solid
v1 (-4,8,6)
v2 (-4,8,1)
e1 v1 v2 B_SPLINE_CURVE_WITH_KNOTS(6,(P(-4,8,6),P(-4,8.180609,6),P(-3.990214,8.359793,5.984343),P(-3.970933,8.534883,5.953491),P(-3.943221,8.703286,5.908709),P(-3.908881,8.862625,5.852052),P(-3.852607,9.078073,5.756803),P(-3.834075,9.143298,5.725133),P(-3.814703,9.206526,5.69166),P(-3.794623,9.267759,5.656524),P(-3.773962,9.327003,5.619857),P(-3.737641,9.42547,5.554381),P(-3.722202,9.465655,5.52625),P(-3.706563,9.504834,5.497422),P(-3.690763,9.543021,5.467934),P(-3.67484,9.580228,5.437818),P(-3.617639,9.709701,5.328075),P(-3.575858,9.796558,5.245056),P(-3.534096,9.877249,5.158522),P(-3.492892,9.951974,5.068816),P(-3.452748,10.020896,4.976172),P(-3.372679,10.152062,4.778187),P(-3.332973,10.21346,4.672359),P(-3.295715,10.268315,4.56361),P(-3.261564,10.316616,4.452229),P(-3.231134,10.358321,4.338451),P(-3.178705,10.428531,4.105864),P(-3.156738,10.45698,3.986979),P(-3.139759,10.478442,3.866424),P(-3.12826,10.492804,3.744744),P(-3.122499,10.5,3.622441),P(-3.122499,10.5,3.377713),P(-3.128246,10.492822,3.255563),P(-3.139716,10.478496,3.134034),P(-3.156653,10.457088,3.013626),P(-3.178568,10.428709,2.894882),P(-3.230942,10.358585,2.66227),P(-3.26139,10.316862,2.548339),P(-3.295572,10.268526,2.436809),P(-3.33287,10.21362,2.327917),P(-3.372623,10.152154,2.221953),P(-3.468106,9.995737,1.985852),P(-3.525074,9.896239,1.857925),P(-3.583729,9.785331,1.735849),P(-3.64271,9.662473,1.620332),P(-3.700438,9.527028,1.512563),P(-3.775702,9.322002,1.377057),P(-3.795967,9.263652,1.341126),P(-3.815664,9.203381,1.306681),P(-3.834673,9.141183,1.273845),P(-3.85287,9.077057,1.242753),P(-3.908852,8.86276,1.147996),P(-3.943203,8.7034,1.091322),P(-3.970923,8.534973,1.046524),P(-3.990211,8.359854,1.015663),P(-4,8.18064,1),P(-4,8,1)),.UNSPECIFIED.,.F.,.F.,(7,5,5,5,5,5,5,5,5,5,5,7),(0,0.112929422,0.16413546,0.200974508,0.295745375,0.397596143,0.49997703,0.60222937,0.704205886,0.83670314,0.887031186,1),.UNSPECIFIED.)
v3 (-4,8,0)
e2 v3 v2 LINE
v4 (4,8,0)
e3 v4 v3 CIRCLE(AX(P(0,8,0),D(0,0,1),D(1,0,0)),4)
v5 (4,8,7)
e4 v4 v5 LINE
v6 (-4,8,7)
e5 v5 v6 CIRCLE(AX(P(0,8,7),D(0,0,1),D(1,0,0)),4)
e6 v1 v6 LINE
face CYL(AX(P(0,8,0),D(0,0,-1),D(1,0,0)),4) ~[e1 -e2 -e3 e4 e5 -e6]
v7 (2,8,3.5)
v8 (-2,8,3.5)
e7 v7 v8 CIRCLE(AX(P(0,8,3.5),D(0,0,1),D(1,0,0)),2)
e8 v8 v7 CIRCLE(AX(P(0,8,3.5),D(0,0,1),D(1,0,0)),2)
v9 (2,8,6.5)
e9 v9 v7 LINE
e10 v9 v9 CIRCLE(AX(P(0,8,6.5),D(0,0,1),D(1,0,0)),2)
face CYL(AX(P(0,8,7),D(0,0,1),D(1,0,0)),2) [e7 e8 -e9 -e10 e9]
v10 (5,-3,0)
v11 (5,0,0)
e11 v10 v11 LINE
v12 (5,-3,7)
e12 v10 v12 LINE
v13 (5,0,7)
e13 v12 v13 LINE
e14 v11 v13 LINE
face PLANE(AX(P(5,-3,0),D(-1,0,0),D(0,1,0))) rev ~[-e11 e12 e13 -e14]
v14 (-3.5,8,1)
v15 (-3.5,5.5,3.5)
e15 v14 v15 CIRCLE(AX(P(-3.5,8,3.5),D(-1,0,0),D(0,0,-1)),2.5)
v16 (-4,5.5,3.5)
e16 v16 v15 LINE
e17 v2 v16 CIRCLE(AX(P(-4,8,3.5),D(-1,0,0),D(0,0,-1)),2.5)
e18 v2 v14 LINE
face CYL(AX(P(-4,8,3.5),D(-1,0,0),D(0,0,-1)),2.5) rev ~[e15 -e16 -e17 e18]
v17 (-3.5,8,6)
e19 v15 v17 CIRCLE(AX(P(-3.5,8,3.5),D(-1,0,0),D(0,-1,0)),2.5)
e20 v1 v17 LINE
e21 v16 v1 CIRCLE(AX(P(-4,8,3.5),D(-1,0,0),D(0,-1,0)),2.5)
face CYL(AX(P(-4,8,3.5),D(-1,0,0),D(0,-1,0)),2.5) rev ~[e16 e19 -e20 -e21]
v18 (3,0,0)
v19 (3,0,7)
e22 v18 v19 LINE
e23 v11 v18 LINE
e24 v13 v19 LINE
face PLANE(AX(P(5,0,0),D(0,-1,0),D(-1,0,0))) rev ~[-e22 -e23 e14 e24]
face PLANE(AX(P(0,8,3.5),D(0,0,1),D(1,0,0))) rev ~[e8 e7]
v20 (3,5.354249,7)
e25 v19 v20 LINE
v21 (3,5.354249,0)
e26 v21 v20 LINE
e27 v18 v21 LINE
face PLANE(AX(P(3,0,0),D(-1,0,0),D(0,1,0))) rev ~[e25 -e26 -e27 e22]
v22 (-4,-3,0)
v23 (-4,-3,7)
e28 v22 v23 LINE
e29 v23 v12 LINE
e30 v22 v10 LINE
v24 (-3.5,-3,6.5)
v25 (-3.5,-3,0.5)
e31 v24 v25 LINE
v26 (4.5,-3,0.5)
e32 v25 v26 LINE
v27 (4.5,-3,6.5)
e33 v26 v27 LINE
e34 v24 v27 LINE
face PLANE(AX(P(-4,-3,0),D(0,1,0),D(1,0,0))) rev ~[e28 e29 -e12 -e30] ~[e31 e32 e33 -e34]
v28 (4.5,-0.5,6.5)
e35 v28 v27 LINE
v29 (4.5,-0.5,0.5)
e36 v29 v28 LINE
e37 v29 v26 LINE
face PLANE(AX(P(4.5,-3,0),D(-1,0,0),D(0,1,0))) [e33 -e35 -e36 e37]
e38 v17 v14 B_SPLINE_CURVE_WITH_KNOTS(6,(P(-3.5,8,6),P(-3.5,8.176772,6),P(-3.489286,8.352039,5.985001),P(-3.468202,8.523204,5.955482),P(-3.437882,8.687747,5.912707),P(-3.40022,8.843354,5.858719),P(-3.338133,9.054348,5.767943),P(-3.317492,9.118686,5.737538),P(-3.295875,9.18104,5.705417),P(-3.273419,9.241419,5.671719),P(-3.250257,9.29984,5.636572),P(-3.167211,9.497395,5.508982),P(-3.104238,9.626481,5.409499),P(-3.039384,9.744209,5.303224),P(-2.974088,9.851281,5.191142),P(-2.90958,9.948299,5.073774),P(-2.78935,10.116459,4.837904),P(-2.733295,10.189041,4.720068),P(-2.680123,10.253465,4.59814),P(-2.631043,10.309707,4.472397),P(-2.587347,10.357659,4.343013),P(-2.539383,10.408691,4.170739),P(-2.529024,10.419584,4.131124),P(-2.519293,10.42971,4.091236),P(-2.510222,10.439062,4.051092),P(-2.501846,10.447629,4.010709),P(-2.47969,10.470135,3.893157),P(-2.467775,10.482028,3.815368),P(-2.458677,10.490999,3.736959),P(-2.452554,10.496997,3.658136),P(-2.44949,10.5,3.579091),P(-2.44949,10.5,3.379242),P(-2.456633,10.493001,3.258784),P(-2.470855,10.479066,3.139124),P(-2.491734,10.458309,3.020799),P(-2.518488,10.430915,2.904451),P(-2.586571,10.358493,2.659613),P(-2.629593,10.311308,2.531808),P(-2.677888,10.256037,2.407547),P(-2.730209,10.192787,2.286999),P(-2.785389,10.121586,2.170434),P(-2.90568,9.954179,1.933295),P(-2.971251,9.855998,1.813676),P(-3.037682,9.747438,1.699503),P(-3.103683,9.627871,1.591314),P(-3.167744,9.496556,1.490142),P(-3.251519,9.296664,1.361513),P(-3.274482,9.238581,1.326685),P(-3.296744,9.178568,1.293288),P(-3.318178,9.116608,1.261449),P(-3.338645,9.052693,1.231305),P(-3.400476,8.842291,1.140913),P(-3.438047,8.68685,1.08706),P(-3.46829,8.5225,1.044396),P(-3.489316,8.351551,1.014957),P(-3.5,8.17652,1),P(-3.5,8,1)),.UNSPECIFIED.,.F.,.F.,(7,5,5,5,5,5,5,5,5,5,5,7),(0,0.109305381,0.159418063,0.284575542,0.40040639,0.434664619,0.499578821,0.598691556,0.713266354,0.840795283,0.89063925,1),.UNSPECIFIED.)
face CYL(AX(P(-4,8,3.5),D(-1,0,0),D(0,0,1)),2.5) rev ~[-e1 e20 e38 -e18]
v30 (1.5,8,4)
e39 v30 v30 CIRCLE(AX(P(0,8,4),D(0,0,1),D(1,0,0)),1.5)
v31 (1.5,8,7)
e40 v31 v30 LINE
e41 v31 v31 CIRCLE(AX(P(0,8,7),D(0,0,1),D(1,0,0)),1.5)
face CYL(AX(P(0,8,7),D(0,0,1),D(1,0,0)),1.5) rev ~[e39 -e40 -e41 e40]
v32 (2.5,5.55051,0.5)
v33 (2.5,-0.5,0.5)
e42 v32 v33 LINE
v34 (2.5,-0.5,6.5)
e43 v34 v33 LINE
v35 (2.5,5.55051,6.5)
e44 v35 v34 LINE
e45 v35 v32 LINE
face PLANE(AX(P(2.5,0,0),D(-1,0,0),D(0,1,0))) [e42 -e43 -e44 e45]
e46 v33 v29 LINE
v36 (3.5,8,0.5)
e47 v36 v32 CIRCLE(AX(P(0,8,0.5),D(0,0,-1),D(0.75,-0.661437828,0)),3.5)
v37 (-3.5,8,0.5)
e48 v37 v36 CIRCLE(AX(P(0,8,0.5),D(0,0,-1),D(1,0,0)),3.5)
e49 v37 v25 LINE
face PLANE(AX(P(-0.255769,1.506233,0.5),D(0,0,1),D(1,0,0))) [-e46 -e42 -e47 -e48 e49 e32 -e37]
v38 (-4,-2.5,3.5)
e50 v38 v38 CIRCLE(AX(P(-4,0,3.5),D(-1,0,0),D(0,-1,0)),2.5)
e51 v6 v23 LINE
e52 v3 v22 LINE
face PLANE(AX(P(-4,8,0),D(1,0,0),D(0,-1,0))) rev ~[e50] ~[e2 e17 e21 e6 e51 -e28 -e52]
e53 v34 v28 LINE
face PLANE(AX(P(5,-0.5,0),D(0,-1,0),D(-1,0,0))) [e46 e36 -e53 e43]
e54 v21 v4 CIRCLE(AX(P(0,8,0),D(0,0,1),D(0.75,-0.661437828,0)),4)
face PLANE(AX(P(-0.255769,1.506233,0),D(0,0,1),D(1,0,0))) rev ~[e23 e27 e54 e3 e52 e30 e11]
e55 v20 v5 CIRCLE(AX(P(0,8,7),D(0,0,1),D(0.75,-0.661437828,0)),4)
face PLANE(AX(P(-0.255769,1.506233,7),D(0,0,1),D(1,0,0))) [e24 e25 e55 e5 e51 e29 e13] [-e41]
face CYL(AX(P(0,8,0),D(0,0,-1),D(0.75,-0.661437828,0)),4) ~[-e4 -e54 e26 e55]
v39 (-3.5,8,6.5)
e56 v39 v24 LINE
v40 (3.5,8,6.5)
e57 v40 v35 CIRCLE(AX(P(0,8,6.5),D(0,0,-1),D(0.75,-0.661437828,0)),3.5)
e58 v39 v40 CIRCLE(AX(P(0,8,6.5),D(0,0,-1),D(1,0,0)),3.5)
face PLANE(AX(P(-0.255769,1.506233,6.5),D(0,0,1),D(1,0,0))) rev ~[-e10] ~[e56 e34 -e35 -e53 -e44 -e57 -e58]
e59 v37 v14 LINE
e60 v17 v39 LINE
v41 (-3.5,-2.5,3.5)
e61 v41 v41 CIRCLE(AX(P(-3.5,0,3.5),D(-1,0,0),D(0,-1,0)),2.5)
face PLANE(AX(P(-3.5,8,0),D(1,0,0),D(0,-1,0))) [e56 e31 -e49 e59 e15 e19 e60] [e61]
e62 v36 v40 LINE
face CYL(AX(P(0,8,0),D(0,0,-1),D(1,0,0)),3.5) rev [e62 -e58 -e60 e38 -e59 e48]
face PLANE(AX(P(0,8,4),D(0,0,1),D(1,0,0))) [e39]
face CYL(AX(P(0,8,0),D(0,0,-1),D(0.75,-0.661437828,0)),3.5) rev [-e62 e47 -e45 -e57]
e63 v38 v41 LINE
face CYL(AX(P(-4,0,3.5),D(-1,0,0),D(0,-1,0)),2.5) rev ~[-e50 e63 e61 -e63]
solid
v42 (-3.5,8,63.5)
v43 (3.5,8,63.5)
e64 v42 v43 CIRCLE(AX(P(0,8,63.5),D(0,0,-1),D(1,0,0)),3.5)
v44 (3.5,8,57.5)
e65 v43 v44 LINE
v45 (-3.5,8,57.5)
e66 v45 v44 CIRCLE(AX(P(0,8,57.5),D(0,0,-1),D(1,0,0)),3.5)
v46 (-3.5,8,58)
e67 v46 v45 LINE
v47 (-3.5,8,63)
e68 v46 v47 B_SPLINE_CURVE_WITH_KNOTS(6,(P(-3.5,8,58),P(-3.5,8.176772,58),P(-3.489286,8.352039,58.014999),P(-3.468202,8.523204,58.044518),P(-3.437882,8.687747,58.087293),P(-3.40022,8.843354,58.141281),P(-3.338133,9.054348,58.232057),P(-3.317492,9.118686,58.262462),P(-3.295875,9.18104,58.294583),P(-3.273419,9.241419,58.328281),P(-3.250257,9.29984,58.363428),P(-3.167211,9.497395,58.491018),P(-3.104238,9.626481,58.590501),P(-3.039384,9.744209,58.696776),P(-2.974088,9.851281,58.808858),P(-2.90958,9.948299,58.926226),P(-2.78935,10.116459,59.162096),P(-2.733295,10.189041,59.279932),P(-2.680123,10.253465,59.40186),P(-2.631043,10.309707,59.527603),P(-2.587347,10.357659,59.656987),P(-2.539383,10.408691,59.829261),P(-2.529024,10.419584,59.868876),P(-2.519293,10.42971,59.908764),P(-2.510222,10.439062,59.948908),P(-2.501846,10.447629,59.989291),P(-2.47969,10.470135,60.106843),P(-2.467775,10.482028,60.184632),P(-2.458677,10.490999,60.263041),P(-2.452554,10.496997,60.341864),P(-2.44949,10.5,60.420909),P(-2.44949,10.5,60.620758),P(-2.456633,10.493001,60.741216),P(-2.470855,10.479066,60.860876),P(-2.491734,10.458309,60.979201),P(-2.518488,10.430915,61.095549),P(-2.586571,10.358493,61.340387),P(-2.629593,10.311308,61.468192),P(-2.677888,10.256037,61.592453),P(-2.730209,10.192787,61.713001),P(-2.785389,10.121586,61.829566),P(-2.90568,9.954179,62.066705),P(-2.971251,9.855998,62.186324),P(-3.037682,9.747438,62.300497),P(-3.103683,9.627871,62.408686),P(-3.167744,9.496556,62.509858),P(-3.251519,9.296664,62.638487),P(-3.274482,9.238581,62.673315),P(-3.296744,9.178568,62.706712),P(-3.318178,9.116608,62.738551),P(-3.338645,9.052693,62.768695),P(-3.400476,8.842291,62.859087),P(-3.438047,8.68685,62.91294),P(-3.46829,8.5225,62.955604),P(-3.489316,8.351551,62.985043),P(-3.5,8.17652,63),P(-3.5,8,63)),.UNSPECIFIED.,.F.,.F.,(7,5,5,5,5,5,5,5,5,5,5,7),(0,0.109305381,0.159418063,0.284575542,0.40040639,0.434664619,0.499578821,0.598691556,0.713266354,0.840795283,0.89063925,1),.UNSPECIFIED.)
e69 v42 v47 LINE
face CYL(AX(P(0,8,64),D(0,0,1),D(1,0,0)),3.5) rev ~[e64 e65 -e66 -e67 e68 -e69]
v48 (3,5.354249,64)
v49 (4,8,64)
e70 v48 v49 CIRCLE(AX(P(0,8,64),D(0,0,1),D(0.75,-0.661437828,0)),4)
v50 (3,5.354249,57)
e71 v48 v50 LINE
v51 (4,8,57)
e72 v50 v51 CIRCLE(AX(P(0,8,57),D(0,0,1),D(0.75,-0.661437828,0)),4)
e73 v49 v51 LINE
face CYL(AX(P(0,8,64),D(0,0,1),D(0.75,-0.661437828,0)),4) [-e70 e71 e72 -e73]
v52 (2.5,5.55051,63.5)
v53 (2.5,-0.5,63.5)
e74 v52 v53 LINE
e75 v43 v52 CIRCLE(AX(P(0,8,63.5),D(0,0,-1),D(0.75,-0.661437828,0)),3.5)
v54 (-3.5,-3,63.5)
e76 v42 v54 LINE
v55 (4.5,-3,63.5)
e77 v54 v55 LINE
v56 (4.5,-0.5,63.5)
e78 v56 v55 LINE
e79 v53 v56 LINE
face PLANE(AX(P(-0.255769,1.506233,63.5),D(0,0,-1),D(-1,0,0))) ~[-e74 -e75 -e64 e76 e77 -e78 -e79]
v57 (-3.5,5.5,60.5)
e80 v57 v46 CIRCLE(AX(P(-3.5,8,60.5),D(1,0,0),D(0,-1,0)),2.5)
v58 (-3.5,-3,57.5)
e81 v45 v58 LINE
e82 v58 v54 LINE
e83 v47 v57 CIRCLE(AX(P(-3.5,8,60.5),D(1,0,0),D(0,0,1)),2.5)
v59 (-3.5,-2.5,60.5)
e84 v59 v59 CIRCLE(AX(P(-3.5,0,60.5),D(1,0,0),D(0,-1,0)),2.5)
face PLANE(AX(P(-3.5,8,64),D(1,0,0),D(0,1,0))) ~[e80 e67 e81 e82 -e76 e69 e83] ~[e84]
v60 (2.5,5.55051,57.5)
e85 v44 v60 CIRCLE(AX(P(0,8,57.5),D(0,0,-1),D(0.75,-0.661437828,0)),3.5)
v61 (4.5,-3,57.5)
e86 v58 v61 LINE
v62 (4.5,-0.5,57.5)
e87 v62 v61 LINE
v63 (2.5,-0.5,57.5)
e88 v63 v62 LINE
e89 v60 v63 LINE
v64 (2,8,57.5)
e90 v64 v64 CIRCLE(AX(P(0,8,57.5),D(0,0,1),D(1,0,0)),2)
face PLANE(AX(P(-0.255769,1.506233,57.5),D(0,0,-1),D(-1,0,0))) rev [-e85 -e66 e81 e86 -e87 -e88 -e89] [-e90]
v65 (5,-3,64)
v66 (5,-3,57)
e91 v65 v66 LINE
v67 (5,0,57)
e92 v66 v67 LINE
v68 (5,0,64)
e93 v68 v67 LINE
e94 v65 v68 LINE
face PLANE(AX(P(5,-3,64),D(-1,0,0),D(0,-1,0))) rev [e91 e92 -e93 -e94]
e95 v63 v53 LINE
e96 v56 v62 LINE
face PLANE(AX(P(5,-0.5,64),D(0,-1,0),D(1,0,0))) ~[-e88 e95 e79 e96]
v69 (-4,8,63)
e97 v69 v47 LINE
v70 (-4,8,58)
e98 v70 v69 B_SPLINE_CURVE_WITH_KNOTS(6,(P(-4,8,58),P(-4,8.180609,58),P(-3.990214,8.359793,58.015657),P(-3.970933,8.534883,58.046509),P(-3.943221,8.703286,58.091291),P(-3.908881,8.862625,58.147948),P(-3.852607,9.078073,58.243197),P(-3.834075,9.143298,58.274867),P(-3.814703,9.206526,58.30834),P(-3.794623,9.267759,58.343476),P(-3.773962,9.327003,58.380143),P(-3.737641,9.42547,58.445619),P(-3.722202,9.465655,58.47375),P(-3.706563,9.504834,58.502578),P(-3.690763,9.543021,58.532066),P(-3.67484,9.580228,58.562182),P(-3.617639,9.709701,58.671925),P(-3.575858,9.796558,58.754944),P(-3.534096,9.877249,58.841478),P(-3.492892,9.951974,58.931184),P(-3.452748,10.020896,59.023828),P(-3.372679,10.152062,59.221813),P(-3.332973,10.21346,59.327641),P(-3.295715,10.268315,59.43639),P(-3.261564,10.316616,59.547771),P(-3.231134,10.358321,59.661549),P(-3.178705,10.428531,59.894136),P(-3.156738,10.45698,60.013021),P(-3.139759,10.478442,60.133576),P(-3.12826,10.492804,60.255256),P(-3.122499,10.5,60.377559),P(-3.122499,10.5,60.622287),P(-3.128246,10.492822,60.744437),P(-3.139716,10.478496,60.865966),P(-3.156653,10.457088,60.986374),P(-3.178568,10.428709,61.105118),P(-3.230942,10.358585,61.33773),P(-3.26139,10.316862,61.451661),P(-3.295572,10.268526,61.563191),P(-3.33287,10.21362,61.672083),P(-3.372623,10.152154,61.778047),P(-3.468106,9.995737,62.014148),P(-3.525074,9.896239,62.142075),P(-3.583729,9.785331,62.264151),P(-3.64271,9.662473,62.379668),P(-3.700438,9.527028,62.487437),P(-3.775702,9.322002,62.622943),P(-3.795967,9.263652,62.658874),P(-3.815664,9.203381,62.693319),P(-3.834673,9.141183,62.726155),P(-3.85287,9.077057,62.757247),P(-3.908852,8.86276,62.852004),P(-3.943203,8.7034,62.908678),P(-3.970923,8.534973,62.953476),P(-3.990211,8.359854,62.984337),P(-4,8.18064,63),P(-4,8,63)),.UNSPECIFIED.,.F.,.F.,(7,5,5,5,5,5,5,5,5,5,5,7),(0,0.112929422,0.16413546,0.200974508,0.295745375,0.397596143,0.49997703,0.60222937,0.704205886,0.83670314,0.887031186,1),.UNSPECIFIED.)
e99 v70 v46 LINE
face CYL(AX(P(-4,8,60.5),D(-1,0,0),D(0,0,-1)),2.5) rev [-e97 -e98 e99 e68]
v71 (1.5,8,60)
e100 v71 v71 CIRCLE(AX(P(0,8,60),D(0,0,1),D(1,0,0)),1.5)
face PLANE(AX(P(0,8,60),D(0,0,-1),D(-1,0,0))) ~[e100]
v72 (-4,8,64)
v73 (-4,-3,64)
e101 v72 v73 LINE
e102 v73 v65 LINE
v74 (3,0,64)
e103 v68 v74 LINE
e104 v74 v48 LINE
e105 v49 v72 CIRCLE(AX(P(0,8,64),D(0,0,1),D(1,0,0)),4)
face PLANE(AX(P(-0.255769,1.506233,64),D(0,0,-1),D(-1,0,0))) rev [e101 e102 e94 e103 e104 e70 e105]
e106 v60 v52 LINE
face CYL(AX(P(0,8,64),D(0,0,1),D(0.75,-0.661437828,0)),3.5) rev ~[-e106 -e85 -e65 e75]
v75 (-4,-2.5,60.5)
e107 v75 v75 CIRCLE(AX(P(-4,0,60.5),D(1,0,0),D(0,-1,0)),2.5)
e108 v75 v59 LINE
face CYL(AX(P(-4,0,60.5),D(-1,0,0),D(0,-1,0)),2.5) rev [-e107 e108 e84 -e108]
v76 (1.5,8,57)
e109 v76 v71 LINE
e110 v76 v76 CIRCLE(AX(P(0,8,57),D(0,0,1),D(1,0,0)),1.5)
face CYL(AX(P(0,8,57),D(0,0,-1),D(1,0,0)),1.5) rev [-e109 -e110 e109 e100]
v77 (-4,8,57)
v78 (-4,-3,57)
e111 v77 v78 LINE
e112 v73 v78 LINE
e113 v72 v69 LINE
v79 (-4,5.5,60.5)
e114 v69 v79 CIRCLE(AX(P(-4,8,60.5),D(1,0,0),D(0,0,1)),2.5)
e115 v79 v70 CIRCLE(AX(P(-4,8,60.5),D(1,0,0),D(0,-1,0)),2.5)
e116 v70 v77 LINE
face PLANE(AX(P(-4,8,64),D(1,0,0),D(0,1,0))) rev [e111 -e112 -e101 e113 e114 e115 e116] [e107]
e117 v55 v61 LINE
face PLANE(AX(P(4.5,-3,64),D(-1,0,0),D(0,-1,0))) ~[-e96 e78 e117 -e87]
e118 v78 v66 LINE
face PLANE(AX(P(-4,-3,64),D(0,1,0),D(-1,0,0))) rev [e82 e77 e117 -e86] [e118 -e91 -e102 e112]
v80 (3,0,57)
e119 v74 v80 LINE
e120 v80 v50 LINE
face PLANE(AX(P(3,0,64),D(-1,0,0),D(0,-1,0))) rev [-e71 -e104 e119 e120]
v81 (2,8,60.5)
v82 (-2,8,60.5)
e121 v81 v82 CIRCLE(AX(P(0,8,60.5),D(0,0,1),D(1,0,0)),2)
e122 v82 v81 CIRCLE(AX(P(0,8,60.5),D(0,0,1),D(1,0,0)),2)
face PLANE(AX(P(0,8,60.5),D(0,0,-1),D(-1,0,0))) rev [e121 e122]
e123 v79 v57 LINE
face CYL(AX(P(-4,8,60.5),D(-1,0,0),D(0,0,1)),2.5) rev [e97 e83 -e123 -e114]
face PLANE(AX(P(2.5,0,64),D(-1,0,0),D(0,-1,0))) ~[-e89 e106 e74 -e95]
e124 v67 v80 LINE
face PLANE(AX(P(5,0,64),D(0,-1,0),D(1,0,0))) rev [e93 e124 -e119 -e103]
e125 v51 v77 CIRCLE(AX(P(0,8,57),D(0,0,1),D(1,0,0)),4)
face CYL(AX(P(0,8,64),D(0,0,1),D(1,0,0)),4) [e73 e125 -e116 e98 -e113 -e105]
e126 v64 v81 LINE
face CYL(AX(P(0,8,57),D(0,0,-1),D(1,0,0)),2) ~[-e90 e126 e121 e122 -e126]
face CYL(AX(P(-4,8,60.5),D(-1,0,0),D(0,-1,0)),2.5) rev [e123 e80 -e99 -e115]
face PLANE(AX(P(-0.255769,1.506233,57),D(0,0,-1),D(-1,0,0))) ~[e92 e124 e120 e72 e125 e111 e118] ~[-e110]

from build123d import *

# Parameters (mm, degrees)
F1_DEPTH = 7
F2_R     = 1.5
F3_DEPTH = 3
F4_T     = -0.5
F5_R     = 2.5
F6_DEPTH = 2


with BuildPart() as f1:
    # F0 (on Top) → F1 (new body)
    with BuildSketch(Plane.XY):
        with BuildLine():
            ThreePointArc((3, 5.3542486889), (-1.4142135624, 4.2583426132), (-4, 8))
            Line((-4, 8), (-4, -3))
            Line((-4, -3), (5, -3))
            Line((5, -3), (5, 0))
            Line((5, 0), (3, 0))
            Line((3, 0), (3, 5.3542486889))
        make_face()
        with BuildLine():
            ThreePointArc((4, 8), (0, 12), (-4, 8))
            ThreePointArc((-4, 8), (-1.4142135624, 4.2583426132), (3, 5.3542486889))
            ThreePointArc((3, 5.3542486889), (3.7416573868, 6.5857864376), (4, 8))
        make_face()
    extrude(amount=F1_DEPTH)

    # F2 (on face) → F3 (cut)
    with BuildSketch(Plane.XY.offset(7)):
        with Locations((0, 8)):
            Circle(F2_R)
    extrude(amount=-F3_DEPTH, mode=Mode.SUBTRACT)

    # F4
    f4_openings = [f1.faces().sort_by_distance(p)[0] for p in [
        (0.5, -3, 3.5),
    ]]
    offset(amount=F4_T, openings=f4_openings, kind=Kind.INTERSECTION)

    # F5 (on face) → F6 (cut)
    with BuildSketch(Plane(origin=(-4, 0, 0), x_dir=(0, -1, 0), z_dir=(-1, 0, 0))):
        with BuildLine():
            ThreePointArc((-8, 1), (-6.232233047, 1.732233047), (-5.5, 3.5))
            ThreePointArc((-5.5, 3.5), (-6.232233047, 5.267766953), (-8, 6))
            Line((-8, 6), (-8, 1))
        make_face()
        with Locations((0, 3.5)):
            Circle(F5_R)
        with BuildLine():
            Line((-8, 1), (-8, 6))
            ThreePointArc((-8, 6), (-10.5, 3.5), (-8, 1))
        make_face()
    extrude(amount=-F6_DEPTH, mode=Mode.SUBTRACT)


with BuildPart() as f8_1:
    # F8: instance of F1
    add(f1.part.mirror(Plane(origin=(-0.0809369199, 3.7263048418, 32), x_dir=(1, 0, 0), z_dir=(0, 0, 1))))


solid = Compound([f1.part, f8_1.part])
